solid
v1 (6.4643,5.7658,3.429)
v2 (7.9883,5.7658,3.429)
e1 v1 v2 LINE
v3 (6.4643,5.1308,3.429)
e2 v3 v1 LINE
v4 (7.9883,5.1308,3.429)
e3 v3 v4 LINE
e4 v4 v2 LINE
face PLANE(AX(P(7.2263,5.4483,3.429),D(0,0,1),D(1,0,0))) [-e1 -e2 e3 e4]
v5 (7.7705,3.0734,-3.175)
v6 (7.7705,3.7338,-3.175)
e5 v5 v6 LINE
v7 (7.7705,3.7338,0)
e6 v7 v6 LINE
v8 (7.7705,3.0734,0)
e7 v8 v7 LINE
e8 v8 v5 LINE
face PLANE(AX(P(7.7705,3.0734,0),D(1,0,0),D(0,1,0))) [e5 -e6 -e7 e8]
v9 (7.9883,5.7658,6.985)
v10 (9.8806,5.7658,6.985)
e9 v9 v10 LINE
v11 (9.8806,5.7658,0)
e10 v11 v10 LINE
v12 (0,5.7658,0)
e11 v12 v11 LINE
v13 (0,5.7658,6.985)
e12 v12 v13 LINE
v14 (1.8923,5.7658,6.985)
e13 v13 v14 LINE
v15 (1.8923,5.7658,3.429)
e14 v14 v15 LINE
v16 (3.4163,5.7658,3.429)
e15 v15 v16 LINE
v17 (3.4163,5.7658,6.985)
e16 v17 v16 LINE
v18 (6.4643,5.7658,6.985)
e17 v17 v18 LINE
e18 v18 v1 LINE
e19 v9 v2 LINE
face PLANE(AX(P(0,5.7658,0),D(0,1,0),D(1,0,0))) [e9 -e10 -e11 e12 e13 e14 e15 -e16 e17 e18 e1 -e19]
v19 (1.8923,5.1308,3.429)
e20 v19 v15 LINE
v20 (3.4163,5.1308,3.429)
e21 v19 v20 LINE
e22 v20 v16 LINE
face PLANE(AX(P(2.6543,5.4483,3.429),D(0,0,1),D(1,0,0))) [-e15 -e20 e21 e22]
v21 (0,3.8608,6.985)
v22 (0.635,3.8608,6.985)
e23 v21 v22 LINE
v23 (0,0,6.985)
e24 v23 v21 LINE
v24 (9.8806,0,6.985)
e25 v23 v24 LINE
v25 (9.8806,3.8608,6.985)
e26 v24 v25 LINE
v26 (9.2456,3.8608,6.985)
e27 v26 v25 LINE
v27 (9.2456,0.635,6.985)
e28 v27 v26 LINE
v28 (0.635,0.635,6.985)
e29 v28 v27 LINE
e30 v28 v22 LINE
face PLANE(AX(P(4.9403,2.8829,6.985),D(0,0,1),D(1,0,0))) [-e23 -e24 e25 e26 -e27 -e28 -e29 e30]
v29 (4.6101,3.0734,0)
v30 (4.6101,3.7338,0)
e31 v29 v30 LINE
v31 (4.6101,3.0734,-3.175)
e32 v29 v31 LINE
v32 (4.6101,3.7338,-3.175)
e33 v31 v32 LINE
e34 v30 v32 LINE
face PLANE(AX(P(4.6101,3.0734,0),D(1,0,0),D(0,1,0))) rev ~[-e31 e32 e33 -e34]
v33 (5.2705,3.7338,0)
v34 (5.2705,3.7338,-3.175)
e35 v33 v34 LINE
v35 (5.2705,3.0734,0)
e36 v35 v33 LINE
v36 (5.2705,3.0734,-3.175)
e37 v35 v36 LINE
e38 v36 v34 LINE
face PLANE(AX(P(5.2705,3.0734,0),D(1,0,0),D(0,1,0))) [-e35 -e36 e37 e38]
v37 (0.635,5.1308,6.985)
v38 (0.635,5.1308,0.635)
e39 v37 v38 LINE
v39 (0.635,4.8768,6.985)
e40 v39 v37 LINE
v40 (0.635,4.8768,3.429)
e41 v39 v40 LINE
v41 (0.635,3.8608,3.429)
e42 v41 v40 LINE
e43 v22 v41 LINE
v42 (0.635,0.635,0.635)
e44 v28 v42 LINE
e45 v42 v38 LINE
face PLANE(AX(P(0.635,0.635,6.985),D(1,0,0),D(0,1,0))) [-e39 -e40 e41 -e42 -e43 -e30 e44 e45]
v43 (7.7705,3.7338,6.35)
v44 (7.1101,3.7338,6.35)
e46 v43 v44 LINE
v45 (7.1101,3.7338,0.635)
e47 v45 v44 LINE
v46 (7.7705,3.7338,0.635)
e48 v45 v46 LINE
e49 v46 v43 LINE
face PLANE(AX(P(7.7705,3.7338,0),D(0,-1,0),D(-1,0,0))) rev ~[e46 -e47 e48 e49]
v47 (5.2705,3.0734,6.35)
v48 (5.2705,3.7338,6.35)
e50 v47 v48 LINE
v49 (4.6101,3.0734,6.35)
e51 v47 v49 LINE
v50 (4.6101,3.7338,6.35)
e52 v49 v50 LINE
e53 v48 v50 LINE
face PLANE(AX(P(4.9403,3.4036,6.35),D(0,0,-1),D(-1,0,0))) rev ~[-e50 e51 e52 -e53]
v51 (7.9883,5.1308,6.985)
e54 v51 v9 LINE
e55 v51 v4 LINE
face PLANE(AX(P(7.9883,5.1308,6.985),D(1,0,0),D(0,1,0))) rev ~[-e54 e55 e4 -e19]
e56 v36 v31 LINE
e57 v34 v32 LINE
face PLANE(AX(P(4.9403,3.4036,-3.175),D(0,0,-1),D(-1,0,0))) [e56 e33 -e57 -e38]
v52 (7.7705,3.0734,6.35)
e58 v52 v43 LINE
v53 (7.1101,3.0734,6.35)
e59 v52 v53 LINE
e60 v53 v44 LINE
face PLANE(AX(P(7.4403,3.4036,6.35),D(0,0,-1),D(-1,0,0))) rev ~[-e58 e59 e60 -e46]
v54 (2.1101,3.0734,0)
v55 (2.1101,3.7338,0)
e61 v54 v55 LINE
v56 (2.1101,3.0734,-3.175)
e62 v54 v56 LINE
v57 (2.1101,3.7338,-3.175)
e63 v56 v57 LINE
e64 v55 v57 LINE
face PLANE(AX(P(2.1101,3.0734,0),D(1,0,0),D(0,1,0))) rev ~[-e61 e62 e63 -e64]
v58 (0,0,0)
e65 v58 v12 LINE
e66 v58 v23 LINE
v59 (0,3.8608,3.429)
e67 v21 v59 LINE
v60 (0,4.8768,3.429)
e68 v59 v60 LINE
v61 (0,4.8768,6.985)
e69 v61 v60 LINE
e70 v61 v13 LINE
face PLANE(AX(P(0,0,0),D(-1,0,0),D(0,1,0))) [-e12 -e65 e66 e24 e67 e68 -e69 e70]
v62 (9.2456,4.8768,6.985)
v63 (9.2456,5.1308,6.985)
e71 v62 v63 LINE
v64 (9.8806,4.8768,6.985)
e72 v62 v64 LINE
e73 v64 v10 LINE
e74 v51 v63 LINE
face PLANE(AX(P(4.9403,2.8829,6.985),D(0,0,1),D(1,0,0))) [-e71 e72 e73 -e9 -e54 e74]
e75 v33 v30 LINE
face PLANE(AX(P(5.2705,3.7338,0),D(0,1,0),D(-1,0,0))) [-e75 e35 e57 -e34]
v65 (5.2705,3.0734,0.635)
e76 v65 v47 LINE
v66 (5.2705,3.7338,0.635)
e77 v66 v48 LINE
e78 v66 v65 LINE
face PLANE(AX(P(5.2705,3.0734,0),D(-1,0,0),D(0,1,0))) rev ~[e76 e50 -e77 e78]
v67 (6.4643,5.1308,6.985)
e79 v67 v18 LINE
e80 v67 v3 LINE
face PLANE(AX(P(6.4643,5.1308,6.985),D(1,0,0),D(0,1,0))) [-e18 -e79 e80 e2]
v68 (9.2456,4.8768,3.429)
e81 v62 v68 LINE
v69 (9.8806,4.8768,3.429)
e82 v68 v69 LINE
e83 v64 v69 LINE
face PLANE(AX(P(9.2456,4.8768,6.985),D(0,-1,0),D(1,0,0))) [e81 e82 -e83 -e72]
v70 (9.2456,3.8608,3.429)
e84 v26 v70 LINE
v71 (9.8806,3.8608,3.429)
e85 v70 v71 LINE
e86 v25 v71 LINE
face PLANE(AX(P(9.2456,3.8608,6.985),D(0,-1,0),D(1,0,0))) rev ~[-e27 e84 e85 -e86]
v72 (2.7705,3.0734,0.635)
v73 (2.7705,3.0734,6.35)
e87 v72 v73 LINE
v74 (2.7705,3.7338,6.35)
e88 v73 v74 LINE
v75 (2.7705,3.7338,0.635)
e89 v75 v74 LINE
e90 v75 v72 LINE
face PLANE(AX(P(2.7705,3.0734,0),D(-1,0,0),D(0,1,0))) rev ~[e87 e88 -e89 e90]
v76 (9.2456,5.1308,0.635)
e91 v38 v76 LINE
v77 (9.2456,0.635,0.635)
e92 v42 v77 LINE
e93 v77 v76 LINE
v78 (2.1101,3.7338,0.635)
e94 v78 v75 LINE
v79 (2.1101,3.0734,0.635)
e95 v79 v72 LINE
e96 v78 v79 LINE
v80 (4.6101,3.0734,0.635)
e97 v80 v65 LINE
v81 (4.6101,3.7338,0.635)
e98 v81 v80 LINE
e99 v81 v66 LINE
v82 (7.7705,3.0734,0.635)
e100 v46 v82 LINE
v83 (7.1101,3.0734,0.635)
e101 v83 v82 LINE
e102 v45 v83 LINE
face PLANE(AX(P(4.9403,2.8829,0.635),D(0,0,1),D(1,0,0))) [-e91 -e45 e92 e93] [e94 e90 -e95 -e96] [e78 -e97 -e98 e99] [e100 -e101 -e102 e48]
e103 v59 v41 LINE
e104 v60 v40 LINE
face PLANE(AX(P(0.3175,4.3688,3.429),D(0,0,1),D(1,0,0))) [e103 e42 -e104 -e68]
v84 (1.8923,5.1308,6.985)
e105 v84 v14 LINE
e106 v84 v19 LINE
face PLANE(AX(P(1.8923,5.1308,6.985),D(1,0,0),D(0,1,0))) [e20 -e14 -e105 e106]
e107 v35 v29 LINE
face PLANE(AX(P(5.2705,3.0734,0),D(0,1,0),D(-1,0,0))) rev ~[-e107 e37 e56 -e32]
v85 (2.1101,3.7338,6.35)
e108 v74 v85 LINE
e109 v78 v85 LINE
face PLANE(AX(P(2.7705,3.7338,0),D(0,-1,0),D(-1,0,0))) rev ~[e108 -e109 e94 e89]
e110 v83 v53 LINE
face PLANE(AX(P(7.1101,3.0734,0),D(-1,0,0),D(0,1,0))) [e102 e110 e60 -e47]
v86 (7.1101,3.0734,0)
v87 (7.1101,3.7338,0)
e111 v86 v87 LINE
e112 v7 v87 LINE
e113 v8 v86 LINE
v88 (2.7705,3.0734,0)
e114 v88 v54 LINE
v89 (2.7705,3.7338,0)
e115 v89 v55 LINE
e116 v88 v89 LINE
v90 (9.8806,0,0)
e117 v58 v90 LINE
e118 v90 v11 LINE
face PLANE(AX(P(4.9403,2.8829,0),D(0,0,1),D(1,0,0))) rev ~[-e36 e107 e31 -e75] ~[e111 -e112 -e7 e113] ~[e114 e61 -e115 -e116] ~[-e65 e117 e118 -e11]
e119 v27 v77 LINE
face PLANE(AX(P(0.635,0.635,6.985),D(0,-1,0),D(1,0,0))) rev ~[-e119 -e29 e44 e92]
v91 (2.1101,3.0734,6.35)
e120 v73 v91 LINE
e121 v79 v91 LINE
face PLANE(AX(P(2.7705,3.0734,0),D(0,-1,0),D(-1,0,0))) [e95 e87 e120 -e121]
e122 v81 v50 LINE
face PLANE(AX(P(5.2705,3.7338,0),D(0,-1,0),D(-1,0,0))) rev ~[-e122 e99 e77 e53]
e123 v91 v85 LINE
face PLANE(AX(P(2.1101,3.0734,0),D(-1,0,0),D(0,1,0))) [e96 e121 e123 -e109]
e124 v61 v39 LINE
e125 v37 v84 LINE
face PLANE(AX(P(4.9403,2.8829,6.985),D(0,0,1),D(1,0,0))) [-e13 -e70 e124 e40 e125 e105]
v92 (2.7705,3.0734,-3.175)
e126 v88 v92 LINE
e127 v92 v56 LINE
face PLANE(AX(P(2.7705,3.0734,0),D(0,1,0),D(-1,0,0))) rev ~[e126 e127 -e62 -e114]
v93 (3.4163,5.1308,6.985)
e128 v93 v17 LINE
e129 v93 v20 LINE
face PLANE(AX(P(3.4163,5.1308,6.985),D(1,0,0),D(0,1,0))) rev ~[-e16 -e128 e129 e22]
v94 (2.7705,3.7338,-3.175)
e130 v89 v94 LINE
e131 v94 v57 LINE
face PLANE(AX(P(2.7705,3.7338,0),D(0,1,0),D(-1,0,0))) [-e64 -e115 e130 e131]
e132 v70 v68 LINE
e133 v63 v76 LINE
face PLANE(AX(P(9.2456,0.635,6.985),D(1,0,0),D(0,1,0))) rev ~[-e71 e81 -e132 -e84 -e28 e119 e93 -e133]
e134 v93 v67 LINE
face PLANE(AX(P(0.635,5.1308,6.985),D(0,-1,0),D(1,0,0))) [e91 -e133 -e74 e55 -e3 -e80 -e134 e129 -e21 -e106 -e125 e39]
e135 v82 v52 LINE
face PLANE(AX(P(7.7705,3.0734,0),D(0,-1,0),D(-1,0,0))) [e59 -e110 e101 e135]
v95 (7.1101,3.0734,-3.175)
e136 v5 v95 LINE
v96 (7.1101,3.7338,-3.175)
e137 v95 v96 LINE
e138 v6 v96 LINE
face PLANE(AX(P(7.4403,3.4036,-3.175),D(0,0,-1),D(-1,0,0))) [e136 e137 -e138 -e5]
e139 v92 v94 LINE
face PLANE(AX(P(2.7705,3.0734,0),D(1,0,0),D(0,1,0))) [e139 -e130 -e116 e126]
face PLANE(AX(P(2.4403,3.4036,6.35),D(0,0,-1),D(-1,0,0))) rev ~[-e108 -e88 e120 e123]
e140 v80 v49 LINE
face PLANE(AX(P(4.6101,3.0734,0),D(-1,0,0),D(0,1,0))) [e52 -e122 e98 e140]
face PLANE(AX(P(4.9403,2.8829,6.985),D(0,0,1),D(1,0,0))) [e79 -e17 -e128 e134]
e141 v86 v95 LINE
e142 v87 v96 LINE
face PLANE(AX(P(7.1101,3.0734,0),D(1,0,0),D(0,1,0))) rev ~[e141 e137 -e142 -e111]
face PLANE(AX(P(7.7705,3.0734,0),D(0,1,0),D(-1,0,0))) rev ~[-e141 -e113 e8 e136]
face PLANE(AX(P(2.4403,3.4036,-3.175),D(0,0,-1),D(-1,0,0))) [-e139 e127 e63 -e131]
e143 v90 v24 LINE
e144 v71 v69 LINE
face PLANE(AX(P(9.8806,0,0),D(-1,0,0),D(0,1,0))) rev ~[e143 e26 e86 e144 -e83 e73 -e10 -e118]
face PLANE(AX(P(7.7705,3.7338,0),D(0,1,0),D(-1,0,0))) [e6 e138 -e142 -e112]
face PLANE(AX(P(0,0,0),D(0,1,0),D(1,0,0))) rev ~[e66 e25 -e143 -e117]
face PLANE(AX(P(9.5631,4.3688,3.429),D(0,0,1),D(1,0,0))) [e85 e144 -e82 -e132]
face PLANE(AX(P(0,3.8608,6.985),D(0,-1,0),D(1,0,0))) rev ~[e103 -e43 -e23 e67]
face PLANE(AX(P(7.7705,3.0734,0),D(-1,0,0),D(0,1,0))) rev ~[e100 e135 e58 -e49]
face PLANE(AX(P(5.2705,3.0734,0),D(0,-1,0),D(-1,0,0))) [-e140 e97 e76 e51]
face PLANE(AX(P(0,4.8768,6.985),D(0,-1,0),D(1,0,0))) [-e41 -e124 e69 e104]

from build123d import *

# Parameters (mm, degrees)
SKETCH1_W           = 9.8806
SKETCH1_H           = 5.7658
BOSS_EXTRUDE1_DEPTH = 6.985
SKETCH2_W           = 0.6604
SKETCH2_H           = 0.6604
BOSS_EXTRUDE2_DEPTH = 3.175
SKETCH4_W           = 8.6106
SKETCH4_H           = 4.4958
CUT_EXTRUDE1_DEPTH  = 6.35
SKETCH2_2_W         = 0.6604
SKETCH2_2_H         = 0.6604
BOSS_EXTRUDE3_DEPTH = 6.35
SKETCH5_W           = 0.635
SKETCH5_H           = 1.016
SKETCH5_W_2         = 1.524
SKETCH5_H_2         = 0.635
CUT_EXTRUDE2_DEPTH  = 3.556


with BuildPart() as part:
    # Sketch1 → Boss-Extrude1 (new body)
    with BuildSketch(Plane.XY):
        with Locations((4.9403, 2.8829)):
            Rectangle(SKETCH1_W, SKETCH1_H)
    extrude(amount=BOSS_EXTRUDE1_DEPTH)

    # Sketch2 → Boss-Extrude2 (add)
    with BuildSketch(Plane(origin=(0, 0, 0), x_dir=(-1, 0, 0), z_dir=(0, 0, -1))):
        with Locations((-7.4403, 3.4036)):
            Rectangle(SKETCH2_W, SKETCH2_H)
        with Locations((-4.9403, 3.4036)):
            Rectangle(SKETCH2_W, SKETCH2_H)
        with Locations((-2.4403, 3.4036)):
            Rectangle(SKETCH2_W, SKETCH2_H)
    extrude(amount=BOSS_EXTRUDE2_DEPTH)

    # Sketch4 → Cut-Extrude1 (cut)
    with BuildSketch(Plane.XY.offset(6.985)):
        with Locations((4.9403, 2.8829)):
            Rectangle(SKETCH4_W, SKETCH4_H)
    extrude(amount=-CUT_EXTRUDE1_DEPTH, mode=Mode.SUBTRACT)

    # Sketch2<2> → Boss-Extrude3 (add)
    with BuildSketch(Plane(origin=(0, 0, 0), x_dir=(-1, 0, 0), z_dir=(0, 0, -1))):
        with Locations((-7.4403, 3.4036)):
            Rectangle(SKETCH2_2_W, SKETCH2_2_H)
        with Locations((-4.9403, 3.4036)):
            Rectangle(SKETCH2_2_W, SKETCH2_2_H)
        with Locations((-2.4403, 3.4036)):
            Rectangle(SKETCH2_2_W, SKETCH2_2_H)
    extrude(amount=-BOSS_EXTRUDE3_DEPTH)

    # Sketch5 → Cut-Extrude2 (cut)
    with BuildSketch(Plane.XY.offset(6.985)):
        with Locations((0.3175, 4.3688)):
            Rectangle(SKETCH5_W, SKETCH5_H)
        with Locations((9.5631, 4.3688)):
            Rectangle(SKETCH5_W, SKETCH5_H)
        with Locations((7.2263, 5.4483)):
            Rectangle(SKETCH5_W_2, SKETCH5_H_2)
        with Locations((2.6543, 5.4483)):
            Rectangle(SKETCH5_W_2, SKETCH5_H_2)
    extrude(amount=-CUT_EXTRUDE2_DEPTH, mode=Mode.SUBTRACT)


solid = part.part
